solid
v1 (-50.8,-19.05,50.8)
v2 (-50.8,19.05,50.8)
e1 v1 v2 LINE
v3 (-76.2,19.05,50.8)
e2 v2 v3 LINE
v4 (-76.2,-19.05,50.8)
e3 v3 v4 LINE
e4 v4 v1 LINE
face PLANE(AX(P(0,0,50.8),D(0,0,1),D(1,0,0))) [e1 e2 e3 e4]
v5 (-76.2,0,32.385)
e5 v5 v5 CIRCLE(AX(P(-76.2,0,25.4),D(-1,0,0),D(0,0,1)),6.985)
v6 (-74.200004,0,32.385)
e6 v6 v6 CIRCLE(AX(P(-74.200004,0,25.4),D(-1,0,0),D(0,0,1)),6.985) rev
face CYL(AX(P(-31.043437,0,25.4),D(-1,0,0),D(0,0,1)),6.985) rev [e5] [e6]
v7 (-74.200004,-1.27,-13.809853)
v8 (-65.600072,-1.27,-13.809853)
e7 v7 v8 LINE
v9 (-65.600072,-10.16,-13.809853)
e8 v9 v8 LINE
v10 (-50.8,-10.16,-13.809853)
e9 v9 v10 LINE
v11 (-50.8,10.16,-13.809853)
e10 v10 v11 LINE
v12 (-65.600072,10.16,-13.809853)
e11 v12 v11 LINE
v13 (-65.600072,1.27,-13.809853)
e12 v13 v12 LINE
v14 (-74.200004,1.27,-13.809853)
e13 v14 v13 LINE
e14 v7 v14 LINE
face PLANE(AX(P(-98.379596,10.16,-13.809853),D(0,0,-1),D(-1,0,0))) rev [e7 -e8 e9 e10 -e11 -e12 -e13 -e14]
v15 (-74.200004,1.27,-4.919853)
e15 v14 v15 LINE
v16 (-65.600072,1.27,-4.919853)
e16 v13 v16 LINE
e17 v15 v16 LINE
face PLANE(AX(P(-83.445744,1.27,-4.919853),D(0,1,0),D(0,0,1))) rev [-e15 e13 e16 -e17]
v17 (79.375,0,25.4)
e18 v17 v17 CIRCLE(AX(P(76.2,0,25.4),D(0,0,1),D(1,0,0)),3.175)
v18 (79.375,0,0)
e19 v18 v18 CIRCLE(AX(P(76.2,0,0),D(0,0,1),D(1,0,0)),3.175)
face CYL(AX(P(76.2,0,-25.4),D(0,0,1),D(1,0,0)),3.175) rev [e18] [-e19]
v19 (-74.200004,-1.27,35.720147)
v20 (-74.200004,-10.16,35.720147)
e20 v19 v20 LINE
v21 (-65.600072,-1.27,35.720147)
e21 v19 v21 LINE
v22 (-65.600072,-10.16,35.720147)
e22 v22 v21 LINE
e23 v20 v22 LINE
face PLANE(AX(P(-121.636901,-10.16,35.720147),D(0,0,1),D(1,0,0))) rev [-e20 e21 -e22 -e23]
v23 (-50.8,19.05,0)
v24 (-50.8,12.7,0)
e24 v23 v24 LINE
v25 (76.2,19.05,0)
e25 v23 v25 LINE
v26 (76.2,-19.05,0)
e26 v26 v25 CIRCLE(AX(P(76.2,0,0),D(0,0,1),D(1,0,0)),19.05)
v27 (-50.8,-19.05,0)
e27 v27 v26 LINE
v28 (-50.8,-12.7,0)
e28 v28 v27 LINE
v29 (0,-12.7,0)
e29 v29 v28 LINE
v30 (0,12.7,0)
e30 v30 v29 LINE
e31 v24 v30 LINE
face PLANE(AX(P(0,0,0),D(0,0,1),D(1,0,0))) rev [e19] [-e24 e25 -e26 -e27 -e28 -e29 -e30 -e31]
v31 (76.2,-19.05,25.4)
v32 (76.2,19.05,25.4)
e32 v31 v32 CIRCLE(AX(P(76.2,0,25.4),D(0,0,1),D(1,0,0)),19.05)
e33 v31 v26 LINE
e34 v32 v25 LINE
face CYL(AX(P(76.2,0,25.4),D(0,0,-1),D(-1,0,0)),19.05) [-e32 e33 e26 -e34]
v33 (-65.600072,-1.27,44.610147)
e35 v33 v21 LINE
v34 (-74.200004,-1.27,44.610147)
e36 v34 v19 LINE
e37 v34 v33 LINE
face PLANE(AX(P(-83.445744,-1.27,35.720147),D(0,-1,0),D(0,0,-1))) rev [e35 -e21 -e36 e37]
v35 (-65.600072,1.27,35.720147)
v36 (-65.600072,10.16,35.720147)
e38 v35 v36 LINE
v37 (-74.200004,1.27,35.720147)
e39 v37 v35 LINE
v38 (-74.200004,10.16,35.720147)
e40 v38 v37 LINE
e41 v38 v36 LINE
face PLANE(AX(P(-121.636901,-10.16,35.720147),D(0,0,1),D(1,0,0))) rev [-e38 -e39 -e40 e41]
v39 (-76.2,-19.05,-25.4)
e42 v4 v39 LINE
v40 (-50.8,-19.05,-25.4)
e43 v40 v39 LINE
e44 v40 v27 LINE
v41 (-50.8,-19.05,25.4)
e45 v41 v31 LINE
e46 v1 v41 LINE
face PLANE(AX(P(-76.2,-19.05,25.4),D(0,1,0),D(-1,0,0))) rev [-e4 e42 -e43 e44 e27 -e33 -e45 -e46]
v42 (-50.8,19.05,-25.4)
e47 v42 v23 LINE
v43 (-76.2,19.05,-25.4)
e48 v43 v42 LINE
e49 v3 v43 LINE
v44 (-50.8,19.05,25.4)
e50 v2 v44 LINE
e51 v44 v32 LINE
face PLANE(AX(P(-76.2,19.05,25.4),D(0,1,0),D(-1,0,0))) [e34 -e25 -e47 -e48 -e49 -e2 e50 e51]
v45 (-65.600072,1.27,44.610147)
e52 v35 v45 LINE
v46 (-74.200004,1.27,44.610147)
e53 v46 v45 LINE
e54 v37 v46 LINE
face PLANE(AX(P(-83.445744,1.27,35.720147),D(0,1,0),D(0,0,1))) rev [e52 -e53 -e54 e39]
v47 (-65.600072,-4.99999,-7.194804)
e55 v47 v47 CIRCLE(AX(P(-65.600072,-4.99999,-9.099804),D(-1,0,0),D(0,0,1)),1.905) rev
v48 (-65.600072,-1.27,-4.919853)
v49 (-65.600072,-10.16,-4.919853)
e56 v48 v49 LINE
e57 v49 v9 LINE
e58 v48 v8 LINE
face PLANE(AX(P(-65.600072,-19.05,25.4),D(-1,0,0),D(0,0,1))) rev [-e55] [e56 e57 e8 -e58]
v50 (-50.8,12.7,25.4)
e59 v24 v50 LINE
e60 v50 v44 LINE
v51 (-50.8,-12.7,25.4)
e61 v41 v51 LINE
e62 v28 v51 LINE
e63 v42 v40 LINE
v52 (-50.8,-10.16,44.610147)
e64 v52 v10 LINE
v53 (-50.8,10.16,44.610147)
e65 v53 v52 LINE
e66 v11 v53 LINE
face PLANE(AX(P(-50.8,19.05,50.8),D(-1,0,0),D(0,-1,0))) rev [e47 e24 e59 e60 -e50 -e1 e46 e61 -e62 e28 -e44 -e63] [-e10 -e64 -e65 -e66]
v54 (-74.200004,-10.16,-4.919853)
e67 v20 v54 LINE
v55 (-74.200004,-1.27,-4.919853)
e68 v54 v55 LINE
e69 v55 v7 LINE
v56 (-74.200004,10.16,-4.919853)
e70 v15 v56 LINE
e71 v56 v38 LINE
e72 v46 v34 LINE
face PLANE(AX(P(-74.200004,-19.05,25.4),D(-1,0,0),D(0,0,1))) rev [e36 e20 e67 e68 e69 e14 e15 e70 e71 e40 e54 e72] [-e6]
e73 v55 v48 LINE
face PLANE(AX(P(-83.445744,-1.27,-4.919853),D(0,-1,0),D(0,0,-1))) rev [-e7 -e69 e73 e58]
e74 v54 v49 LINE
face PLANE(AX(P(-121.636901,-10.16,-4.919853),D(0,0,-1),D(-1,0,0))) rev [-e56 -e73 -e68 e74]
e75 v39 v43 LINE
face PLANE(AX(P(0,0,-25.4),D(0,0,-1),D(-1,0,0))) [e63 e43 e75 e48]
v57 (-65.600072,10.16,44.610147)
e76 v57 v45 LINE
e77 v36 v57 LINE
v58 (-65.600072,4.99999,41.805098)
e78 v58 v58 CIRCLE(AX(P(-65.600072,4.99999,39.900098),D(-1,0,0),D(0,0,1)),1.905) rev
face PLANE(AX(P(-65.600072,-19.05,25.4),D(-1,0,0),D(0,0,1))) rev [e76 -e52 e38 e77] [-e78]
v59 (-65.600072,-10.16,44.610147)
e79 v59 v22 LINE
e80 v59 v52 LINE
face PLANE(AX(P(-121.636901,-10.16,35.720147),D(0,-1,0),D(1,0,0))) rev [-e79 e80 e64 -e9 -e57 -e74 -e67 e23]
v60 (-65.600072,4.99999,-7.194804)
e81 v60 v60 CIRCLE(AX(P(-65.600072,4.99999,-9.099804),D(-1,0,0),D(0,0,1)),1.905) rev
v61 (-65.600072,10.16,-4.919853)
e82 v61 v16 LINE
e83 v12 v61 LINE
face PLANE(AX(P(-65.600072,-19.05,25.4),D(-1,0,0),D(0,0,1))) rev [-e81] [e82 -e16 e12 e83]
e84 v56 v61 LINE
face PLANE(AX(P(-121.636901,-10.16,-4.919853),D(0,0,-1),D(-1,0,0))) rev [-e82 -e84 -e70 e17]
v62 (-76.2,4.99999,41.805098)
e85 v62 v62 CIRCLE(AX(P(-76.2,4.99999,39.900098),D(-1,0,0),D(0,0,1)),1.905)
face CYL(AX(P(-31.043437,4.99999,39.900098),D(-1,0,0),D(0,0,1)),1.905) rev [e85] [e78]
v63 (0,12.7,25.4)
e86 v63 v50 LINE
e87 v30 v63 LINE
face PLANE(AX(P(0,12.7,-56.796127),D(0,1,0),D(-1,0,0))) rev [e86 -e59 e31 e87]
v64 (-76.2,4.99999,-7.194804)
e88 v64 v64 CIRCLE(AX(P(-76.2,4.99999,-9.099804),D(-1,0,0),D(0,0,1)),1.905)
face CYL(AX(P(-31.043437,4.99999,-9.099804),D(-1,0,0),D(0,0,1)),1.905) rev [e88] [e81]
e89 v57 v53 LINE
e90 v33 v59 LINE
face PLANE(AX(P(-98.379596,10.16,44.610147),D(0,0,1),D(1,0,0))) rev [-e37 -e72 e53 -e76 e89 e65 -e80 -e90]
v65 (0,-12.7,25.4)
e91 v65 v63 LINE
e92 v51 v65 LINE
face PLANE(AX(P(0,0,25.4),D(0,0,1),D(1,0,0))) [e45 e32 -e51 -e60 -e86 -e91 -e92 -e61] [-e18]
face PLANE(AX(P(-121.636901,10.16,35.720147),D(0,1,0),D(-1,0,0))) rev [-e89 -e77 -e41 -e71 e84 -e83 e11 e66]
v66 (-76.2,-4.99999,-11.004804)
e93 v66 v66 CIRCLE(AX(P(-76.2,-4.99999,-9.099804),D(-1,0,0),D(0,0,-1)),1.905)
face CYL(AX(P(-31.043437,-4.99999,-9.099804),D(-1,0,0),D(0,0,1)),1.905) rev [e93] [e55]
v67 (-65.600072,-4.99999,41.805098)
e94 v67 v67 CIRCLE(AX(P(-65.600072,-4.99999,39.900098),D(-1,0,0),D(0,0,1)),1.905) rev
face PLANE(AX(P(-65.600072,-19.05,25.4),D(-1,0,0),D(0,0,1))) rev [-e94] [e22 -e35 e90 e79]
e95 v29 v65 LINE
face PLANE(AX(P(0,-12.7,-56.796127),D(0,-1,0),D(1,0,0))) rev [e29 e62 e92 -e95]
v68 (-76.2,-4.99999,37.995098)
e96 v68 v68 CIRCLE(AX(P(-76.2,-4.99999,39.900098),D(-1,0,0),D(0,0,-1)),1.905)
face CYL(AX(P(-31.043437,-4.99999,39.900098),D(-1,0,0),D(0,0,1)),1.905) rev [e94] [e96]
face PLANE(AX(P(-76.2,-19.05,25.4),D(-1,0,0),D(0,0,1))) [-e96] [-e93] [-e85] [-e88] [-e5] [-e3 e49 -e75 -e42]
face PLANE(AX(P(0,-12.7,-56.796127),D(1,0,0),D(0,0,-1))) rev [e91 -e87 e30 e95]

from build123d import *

# Parameters (mm, degrees)
SKETCH1_R           = 19.05
SKETCH1_W           = 152.4
SKETCH1_H           = 38.1
BOSS_EXTRUDE1_DEPTH = 25.4
SKETCH4_W           = 25.4
SKETCH4_H           = 38.1
BOSS_EXTRUDE3_DEPTH = 25.4
SKETCH6_W           = 25.4
SKETCH6_H           = 38.1
BOSS_EXTRUDE4_DEPTH = 25.4
SKETCH5_R           = 6.985
SKETCH5_R_2         = 1.905
CUT_EXTRUDE1_DEPTH  = 25.4
SKETCH7_W           = 50.8
SKETCH7_H           = 25.4
CUT_EXTRUDE2_DEPTH  = 25.4
SKETCH8_W           = 40.64
SKETCH8_H           = 20.32
CUT_EXTRUDE3_DEPTH  = 23.400004
SKETCH9_W           = 8.89
SKETCH9_H           = 20.32
CUT_EXTRUDE4_DEPTH  = 14.800072
SKETCH10_W          = 8.89
SKETCH10_H          = 2.54
CUT_EXTRUDE5_DEPTH  = 8.599932
SKETCH11_R          = 3.175
CUT_EXTRUDE6_DEPTH  = 110.617995785


with BuildPart() as part:
    # Sketch1 → Boss-Extrude1 (new body)
    with BuildSketch(Plane.XY):
        with Locations((76.2, 0)):
            Circle(SKETCH1_R)
        Rectangle(SKETCH1_W, SKETCH1_H)
    extrude(amount=BOSS_EXTRUDE1_DEPTH)

    # Sketch4 → Boss-Extrude3 (add)
    with BuildSketch(Plane.XY.offset(25.4)):
        with Locations((-63.5, 0)):
            Rectangle(SKETCH4_W, SKETCH4_H)
    extrude(amount=BOSS_EXTRUDE3_DEPTH)

    # Sketch6 → Boss-Extrude4 (add)
    with BuildSketch(Plane(origin=(0, 0, 0), x_dir=(-1, 0, 0), z_dir=(0, 0, -1))):
        with Locations((63.5, 0)):
            Rectangle(SKETCH6_W, SKETCH6_H)
    extrude(amount=BOSS_EXTRUDE4_DEPTH)

    # Sketch5 → Cut-Extrude1 (cut)
    with BuildSketch(Plane.ZY.offset(76.2)):
        with Locations((25.4, 0)):
            Circle(SKETCH5_R)
        with Locations((39.900098, 4.99999)):
            Circle(SKETCH5_R_2)
        with Locations((-9.099804, 4.99999)):
            Circle(SKETCH5_R_2)
        with Locations(Location((-9.099804, -4.99999, 0), (0, 0, 270))):
            Circle(SKETCH5_R_2)
        with Locations(Location((39.900098, -4.99999, 0), (0, 0, 270))):
            Circle(SKETCH5_R_2)
    extrude(amount=-CUT_EXTRUDE1_DEPTH, mode=Mode.SUBTRACT)

    # Sketch7 → Cut-Extrude2 (cut)
    with BuildSketch(Plane.XY.offset(25.4)):
        with Locations((-25.4, 0)):
            Rectangle(SKETCH7_W, SKETCH7_H)
    extrude(amount=-CUT_EXTRUDE2_DEPTH, mode=Mode.SUBTRACT)

    # Sketch8 → Cut-Extrude3 (cut)
    with BuildSketch(Plane(origin=(-50.8, 0, 0), x_dir=(0, 0, -1), z_dir=(1, 0, 0))):
        with Locations((-15.400147, 0)):
            Rectangle(SKETCH8_W, SKETCH8_H)
    extrude(amount=-CUT_EXTRUDE3_DEPTH, mode=Mode.SUBTRACT)

    # Sketch9 → Cut-Extrude4 (cut)
    with BuildSketch(Plane(origin=(-50.8, 0, 0), x_dir=(0, 0, -1), z_dir=(1, 0, 0))):
        with Locations((-40.165147, 0)):
            Rectangle(SKETCH9_W, SKETCH9_H)
        with Locations((9.364853, 0)):
            Rectangle(SKETCH9_W, SKETCH9_H)
    extrude(amount=-CUT_EXTRUDE4_DEPTH, mode=Mode.SUBTRACT)

    # Sketch10 → Cut-Extrude5 (cut)
    with BuildSketch(Plane(origin=(-65.600072, 0, 0), x_dir=(0, 0, -1), z_dir=(1, 0, 0))):
        with Locations((-40.165147, 0)):
            Rectangle(SKETCH10_W, SKETCH10_H)
        with Locations((9.364853, 0)):
            Rectangle(SKETCH10_W, SKETCH10_H)
    extrude(amount=-CUT_EXTRUDE5_DEPTH, mode=Mode.SUBTRACT)

    # Sketch11 → Cut-Extrude6 (cut, through all)
    with BuildSketch(Plane.XY.offset(25.4)):
        with Locations((76.2, 0)):
            Circle(SKETCH11_R)
    extrude(amount=-CUT_EXTRUDE6_DEPTH, mode=Mode.SUBTRACT)


solid = part.part
